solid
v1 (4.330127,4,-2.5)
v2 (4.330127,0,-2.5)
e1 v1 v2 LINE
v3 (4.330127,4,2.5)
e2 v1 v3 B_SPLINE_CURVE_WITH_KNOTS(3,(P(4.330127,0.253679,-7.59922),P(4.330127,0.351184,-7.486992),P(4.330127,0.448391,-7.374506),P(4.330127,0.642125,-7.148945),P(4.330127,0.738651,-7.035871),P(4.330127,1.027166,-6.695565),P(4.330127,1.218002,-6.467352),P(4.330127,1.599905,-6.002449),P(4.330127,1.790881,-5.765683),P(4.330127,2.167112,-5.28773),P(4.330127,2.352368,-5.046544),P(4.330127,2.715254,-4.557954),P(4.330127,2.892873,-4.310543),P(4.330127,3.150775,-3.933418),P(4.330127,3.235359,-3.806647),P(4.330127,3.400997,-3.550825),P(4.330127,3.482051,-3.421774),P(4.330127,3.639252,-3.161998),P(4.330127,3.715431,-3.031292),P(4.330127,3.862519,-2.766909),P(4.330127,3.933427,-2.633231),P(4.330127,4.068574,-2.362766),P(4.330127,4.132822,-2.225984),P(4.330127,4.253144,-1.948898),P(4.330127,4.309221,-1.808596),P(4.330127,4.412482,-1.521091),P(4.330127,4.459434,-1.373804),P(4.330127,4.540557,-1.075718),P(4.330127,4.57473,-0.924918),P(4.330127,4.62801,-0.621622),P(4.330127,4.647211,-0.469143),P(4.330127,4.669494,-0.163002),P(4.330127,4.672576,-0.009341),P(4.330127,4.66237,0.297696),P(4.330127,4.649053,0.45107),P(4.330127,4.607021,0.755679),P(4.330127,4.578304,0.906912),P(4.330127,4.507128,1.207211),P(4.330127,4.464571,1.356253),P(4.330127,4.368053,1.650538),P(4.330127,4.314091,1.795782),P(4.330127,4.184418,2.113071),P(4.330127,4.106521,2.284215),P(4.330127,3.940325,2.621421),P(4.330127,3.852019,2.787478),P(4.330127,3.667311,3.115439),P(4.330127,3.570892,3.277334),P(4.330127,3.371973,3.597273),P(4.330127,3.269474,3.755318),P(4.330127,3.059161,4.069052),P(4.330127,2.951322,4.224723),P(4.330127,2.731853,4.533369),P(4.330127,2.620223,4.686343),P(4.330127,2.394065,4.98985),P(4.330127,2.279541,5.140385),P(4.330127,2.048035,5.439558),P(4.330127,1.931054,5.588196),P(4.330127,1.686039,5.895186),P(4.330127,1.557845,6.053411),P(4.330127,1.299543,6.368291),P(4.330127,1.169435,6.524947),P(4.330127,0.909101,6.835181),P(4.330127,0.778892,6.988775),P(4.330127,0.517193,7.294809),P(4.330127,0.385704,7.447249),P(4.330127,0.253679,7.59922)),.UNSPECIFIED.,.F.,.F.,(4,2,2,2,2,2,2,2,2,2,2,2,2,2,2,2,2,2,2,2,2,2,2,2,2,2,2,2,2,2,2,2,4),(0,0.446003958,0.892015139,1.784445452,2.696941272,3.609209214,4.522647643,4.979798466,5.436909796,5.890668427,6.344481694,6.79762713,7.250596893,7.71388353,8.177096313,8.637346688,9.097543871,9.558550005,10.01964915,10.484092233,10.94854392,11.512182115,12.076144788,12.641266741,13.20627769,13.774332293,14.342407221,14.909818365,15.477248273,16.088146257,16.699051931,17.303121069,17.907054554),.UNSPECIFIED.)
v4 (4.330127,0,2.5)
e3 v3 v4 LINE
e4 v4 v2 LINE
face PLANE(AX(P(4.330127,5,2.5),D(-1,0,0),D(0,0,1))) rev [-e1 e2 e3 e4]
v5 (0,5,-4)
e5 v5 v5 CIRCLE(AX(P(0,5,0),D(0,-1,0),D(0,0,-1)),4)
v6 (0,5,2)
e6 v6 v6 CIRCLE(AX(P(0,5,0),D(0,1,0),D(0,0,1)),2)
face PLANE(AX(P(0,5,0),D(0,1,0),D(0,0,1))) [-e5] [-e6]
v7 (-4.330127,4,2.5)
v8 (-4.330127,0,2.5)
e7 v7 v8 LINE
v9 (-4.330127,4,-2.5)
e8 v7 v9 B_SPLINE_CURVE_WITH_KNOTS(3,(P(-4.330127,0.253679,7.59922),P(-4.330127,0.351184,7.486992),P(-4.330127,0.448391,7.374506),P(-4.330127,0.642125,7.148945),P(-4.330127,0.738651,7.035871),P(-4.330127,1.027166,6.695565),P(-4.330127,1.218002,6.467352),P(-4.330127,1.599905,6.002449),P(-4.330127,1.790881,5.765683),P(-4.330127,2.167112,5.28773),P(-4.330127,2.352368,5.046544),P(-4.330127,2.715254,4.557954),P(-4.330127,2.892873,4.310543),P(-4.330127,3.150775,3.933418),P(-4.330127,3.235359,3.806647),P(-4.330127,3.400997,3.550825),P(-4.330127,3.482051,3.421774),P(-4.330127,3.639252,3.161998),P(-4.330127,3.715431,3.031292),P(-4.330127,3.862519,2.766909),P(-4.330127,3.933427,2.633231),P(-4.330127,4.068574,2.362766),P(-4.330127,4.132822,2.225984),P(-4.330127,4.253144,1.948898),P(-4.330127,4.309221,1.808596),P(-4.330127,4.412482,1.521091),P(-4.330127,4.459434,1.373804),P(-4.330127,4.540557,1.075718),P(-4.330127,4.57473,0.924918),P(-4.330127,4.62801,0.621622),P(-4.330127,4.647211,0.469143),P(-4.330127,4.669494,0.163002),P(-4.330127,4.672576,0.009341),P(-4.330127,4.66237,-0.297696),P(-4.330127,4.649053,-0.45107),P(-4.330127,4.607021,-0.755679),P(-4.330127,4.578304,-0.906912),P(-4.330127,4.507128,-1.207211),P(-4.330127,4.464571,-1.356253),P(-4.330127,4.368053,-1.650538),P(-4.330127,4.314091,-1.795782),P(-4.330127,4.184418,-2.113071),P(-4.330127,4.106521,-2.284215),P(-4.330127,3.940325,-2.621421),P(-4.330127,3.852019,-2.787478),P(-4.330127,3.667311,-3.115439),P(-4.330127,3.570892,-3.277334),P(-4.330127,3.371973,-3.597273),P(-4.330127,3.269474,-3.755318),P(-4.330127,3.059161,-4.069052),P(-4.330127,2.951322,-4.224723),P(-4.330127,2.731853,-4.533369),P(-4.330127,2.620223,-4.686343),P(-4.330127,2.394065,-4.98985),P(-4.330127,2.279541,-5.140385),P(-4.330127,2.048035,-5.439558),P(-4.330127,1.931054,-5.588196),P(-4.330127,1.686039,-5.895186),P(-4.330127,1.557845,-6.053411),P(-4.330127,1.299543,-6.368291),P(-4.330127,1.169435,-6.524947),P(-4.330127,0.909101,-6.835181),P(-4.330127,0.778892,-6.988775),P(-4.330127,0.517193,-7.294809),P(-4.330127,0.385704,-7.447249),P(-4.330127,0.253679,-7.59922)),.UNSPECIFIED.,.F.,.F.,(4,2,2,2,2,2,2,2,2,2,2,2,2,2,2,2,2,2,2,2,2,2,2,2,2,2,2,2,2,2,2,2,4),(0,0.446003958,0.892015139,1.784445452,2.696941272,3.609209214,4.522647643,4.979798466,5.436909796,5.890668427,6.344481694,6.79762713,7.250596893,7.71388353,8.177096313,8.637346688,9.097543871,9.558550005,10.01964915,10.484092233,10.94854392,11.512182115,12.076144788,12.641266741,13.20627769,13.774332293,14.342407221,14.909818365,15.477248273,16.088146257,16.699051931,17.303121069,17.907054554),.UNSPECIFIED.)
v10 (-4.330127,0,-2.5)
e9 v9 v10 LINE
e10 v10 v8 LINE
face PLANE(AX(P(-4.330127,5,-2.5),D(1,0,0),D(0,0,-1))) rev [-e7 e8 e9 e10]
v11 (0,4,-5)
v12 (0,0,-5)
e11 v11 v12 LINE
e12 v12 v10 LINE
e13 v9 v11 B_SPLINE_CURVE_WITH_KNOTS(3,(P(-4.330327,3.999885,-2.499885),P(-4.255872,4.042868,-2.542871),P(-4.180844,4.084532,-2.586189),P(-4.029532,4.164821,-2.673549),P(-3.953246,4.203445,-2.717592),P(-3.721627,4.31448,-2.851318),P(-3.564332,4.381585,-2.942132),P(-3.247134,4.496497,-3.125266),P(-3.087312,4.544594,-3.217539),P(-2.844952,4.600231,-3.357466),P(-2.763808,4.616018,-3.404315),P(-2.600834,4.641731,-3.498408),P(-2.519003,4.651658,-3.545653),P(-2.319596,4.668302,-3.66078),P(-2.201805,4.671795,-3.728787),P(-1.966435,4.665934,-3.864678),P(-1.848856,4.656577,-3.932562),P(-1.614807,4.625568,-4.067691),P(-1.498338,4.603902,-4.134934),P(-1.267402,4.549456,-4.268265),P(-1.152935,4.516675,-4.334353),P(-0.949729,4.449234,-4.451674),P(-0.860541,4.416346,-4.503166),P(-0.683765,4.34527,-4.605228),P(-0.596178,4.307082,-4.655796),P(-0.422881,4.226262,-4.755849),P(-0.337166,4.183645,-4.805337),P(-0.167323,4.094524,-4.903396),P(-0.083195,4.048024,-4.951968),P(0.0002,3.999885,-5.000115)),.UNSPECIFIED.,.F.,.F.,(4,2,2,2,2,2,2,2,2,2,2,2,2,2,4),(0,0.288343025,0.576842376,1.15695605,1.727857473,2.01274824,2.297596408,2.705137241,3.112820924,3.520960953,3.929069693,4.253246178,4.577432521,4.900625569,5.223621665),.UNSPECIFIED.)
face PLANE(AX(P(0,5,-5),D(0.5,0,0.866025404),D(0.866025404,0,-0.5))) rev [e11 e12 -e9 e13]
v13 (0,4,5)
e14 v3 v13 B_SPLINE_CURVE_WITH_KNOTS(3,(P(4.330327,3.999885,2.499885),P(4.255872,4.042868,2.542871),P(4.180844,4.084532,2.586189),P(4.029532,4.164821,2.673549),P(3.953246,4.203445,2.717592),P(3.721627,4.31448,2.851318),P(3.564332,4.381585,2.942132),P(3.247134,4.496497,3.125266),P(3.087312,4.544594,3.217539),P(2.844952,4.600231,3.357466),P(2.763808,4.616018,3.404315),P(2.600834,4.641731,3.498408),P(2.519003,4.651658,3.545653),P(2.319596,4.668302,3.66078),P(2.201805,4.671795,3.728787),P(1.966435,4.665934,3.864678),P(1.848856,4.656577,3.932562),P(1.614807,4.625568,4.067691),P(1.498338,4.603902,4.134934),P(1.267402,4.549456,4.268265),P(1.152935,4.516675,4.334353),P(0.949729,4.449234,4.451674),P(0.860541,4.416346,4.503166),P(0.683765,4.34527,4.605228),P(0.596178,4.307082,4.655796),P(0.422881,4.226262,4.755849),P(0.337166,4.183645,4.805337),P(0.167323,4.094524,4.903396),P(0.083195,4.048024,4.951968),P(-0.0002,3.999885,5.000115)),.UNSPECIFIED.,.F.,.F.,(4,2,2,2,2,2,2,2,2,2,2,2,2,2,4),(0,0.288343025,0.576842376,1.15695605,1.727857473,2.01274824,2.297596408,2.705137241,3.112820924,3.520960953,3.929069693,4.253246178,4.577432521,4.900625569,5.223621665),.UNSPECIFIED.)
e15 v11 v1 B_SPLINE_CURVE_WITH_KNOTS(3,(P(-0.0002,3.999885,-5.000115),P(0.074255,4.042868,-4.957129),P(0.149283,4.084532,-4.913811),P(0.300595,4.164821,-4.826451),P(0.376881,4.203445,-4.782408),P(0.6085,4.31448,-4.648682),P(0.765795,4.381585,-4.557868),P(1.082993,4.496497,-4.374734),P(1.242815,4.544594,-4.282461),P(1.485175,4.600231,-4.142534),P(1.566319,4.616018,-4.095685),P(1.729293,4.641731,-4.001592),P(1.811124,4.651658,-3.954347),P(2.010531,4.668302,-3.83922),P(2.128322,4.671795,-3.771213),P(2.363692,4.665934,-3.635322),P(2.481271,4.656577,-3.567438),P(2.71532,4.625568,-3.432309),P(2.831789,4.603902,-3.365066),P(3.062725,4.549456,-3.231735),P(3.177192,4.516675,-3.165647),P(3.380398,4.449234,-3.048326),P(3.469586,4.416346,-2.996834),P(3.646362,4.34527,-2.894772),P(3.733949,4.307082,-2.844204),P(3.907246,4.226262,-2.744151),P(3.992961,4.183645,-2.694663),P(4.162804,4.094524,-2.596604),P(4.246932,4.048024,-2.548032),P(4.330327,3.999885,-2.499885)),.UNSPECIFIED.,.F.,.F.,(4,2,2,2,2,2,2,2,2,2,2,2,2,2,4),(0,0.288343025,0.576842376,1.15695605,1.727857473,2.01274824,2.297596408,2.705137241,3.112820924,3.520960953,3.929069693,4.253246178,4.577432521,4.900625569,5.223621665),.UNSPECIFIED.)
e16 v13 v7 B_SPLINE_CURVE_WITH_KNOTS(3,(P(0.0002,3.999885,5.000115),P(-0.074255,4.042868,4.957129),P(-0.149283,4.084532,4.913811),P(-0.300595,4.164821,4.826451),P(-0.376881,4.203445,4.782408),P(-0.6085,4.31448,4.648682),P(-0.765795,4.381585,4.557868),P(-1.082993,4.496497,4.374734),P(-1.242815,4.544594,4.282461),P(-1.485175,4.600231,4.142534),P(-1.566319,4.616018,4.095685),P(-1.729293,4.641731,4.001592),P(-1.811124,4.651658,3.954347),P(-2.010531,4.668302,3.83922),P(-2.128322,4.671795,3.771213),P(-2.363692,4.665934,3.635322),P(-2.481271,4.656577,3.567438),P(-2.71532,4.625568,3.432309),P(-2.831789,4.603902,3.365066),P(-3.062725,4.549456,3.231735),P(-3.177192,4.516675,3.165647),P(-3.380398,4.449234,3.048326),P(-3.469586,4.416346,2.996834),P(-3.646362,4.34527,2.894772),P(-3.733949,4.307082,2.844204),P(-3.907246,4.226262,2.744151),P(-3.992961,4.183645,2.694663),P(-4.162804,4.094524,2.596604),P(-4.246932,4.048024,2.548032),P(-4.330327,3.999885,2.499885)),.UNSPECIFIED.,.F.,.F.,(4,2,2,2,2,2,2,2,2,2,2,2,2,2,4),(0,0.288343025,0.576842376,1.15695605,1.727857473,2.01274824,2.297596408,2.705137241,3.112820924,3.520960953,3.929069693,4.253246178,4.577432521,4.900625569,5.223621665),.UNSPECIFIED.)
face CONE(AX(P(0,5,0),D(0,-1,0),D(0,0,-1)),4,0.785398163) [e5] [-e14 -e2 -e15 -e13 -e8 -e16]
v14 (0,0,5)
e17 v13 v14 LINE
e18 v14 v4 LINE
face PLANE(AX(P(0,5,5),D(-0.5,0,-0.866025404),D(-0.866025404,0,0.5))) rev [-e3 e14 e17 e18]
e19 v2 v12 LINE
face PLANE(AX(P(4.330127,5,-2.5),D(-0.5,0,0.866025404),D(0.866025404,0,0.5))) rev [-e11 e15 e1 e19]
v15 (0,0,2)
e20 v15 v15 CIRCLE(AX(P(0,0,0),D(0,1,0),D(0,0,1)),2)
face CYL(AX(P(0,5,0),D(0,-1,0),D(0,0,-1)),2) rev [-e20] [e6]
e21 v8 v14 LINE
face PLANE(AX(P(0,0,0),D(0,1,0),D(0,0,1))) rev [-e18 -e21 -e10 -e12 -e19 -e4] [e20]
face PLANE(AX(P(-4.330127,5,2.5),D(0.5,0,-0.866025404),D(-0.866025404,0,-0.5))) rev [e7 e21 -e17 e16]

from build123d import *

# Parameters (mm, degrees)
SKETCH1_R           = 2
BOSS_EXTRUDE1_DEPTH = 5


with BuildPart() as part:
    # Sketch1 → Boss-Extrude1 (new body)
    with BuildSketch(Plane(origin=(0, 0, 0), x_dir=(1, 0, 0), z_dir=(0, 1, 0))):
        Polygon((0, 5), (-4.330127019, 2.5), (-4.330127019, -2.5), (0, -5), (4.330127019, -2.5), (4.330127019, 2.5), align=None)
        with Locations(Location((0, 0, 0), (0, 0, 270))):
            Circle(SKETCH1_R, mode=Mode.SUBTRACT)
    extrude(amount=BOSS_EXTRUDE1_DEPTH)

    # Sketch3 → Cut-Revolve1 (revolve, cut)
    with BuildSketch(Plane(origin=(0, 0, 0), x_dir=(0, 0, -1), z_dir=(1, 0, 0))):
        Polygon((4, 5), (5, 5), (5, 4), align=None)
    revolve(axis=Axis((0, 0, 0), (0, 1, 0)), mode=Mode.SUBTRACT)


solid = part.part
